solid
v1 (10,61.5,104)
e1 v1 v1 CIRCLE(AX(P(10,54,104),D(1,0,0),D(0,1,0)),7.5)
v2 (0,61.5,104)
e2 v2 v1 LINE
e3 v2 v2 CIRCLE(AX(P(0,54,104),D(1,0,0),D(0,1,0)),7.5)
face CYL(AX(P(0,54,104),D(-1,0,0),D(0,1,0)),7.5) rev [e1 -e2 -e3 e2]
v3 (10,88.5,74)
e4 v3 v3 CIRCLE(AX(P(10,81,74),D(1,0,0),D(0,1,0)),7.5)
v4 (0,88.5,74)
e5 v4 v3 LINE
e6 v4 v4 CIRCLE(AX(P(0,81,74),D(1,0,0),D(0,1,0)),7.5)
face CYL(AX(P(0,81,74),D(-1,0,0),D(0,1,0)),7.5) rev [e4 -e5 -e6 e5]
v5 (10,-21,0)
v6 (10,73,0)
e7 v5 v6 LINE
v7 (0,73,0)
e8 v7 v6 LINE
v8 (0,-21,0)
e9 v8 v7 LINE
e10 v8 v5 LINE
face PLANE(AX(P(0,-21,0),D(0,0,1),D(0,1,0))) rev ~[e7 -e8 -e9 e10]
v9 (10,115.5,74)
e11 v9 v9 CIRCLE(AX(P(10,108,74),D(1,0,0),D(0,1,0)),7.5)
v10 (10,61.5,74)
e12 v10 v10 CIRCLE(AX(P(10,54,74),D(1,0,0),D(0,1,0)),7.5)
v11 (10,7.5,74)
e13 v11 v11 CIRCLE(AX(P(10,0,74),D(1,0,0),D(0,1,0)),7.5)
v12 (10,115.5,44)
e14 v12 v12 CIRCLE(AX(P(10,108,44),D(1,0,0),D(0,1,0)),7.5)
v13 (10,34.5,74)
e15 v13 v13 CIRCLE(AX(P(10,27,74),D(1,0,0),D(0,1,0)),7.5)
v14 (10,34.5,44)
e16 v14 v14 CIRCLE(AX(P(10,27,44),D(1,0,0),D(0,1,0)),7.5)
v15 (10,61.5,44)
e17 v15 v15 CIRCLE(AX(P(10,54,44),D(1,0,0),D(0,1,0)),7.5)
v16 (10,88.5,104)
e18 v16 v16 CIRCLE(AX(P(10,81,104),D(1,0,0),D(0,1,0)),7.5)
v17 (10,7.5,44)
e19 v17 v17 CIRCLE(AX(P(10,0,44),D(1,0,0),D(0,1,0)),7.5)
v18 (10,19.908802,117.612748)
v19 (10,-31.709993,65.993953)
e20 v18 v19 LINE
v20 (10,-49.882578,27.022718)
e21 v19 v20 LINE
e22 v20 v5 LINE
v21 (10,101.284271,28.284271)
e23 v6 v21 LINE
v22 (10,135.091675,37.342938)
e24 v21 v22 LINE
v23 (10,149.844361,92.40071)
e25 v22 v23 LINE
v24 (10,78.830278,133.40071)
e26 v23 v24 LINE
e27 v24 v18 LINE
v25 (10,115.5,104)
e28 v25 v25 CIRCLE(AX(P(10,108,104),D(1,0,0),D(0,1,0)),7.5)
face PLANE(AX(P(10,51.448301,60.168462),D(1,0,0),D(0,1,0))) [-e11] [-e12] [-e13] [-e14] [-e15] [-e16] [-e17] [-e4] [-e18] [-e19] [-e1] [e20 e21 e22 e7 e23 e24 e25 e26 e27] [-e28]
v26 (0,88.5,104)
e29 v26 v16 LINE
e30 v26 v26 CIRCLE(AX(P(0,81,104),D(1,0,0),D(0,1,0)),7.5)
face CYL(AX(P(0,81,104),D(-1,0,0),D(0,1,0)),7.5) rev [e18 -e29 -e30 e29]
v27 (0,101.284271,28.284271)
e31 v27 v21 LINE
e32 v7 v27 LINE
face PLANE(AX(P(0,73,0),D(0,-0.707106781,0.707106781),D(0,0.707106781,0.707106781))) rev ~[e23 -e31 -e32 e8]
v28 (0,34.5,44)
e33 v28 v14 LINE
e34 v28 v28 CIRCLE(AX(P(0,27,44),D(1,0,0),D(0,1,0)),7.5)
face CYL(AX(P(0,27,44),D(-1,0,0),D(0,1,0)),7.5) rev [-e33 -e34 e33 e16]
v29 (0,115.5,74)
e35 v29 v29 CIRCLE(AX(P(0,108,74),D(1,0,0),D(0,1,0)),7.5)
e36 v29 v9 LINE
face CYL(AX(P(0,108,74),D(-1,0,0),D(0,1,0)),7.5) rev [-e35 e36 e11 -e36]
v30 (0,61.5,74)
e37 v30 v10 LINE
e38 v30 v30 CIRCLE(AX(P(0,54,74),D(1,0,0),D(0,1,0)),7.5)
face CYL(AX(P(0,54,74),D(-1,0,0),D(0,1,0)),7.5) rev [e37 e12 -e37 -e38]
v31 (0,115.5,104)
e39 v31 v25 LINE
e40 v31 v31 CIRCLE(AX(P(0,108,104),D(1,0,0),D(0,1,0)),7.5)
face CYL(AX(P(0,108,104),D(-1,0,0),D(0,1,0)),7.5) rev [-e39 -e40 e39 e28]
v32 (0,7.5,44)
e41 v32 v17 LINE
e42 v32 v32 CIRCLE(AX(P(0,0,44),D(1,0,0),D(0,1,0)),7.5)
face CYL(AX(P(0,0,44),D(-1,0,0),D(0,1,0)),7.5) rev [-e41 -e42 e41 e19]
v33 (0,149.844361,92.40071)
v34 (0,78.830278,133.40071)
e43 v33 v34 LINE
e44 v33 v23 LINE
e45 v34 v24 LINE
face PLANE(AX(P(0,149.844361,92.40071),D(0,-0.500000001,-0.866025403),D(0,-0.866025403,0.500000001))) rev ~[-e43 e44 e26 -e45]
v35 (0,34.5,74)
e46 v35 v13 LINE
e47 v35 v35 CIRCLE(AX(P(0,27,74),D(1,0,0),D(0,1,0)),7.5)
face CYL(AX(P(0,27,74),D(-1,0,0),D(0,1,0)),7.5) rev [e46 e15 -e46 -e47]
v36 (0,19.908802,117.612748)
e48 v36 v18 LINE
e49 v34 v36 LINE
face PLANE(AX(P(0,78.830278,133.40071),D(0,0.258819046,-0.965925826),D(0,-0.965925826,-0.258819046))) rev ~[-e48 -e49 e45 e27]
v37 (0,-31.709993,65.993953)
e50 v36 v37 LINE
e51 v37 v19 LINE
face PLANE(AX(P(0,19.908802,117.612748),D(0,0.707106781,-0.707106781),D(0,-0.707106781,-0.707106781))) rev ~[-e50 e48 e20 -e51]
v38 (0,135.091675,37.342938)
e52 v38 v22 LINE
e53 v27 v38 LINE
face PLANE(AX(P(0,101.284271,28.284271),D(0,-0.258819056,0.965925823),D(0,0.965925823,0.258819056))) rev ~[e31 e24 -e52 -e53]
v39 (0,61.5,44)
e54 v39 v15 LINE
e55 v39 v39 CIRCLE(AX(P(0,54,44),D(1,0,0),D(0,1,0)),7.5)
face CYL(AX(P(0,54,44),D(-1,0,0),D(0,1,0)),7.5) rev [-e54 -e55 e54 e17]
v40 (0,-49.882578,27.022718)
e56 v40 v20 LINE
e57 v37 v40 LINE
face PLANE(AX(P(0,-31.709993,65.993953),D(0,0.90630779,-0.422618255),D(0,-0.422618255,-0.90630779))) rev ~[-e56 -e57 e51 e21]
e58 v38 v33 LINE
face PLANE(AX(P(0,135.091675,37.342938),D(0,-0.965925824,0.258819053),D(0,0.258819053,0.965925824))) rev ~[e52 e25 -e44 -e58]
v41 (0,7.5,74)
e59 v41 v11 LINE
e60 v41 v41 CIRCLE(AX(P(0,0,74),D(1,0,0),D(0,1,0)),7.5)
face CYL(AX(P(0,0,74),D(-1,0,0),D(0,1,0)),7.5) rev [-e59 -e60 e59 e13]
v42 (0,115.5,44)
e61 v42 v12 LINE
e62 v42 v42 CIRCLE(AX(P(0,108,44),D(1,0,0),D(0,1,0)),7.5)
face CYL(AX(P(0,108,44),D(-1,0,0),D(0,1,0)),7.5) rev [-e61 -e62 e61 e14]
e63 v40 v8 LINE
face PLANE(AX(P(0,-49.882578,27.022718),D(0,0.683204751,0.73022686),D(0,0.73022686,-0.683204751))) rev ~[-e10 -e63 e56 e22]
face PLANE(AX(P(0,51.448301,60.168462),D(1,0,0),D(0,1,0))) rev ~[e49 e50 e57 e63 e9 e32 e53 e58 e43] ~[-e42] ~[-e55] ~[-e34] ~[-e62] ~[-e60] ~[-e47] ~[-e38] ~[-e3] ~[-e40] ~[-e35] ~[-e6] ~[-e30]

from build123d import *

# Parameters (mm, degrees)
F0_R     = 7.5
F1_DEPTH = 10


with BuildPart() as f1:
    # F0 (on Right) → F1 (new body)
    with BuildSketch(Plane.YZ):
        Polygon((-21, 0), (73, 0), (101.284271, 28.284271), (135.091675, 37.342938), (149.844361, 92.40071), (78.830278, 133.40071), (19.908802, 117.612748), (-31.709993, 65.993953), (-49.882578, 27.022718), align=None)
        with Locations((0, 44)):
            Circle(F0_R, mode=Mode.SUBTRACT)
        with Locations((27, 44)):
            Circle(F0_R, mode=Mode.SUBTRACT)
        with Locations((54, 44)):
            Circle(F0_R, mode=Mode.SUBTRACT)
        with Locations((108, 44)):
            Circle(F0_R, mode=Mode.SUBTRACT)
        with Locations((0, 74)):
            Circle(F0_R, mode=Mode.SUBTRACT)
        with Locations((27, 74)):
            Circle(F0_R, mode=Mode.SUBTRACT)
        with Locations((54, 74)):
            Circle(F0_R, mode=Mode.SUBTRACT)
        with Locations((81, 74)):
            Circle(F0_R, mode=Mode.SUBTRACT)
        with Locations((108, 74)):
            Circle(F0_R, mode=Mode.SUBTRACT)
        with Locations((54, 104)):
            Circle(F0_R, mode=Mode.SUBTRACT)
        with Locations((81, 104)):
            Circle(F0_R, mode=Mode.SUBTRACT)
        with Locations((108, 104)):
            Circle(F0_R, mode=Mode.SUBTRACT)
    extrude(amount=F1_DEPTH)


solid = f1.part
